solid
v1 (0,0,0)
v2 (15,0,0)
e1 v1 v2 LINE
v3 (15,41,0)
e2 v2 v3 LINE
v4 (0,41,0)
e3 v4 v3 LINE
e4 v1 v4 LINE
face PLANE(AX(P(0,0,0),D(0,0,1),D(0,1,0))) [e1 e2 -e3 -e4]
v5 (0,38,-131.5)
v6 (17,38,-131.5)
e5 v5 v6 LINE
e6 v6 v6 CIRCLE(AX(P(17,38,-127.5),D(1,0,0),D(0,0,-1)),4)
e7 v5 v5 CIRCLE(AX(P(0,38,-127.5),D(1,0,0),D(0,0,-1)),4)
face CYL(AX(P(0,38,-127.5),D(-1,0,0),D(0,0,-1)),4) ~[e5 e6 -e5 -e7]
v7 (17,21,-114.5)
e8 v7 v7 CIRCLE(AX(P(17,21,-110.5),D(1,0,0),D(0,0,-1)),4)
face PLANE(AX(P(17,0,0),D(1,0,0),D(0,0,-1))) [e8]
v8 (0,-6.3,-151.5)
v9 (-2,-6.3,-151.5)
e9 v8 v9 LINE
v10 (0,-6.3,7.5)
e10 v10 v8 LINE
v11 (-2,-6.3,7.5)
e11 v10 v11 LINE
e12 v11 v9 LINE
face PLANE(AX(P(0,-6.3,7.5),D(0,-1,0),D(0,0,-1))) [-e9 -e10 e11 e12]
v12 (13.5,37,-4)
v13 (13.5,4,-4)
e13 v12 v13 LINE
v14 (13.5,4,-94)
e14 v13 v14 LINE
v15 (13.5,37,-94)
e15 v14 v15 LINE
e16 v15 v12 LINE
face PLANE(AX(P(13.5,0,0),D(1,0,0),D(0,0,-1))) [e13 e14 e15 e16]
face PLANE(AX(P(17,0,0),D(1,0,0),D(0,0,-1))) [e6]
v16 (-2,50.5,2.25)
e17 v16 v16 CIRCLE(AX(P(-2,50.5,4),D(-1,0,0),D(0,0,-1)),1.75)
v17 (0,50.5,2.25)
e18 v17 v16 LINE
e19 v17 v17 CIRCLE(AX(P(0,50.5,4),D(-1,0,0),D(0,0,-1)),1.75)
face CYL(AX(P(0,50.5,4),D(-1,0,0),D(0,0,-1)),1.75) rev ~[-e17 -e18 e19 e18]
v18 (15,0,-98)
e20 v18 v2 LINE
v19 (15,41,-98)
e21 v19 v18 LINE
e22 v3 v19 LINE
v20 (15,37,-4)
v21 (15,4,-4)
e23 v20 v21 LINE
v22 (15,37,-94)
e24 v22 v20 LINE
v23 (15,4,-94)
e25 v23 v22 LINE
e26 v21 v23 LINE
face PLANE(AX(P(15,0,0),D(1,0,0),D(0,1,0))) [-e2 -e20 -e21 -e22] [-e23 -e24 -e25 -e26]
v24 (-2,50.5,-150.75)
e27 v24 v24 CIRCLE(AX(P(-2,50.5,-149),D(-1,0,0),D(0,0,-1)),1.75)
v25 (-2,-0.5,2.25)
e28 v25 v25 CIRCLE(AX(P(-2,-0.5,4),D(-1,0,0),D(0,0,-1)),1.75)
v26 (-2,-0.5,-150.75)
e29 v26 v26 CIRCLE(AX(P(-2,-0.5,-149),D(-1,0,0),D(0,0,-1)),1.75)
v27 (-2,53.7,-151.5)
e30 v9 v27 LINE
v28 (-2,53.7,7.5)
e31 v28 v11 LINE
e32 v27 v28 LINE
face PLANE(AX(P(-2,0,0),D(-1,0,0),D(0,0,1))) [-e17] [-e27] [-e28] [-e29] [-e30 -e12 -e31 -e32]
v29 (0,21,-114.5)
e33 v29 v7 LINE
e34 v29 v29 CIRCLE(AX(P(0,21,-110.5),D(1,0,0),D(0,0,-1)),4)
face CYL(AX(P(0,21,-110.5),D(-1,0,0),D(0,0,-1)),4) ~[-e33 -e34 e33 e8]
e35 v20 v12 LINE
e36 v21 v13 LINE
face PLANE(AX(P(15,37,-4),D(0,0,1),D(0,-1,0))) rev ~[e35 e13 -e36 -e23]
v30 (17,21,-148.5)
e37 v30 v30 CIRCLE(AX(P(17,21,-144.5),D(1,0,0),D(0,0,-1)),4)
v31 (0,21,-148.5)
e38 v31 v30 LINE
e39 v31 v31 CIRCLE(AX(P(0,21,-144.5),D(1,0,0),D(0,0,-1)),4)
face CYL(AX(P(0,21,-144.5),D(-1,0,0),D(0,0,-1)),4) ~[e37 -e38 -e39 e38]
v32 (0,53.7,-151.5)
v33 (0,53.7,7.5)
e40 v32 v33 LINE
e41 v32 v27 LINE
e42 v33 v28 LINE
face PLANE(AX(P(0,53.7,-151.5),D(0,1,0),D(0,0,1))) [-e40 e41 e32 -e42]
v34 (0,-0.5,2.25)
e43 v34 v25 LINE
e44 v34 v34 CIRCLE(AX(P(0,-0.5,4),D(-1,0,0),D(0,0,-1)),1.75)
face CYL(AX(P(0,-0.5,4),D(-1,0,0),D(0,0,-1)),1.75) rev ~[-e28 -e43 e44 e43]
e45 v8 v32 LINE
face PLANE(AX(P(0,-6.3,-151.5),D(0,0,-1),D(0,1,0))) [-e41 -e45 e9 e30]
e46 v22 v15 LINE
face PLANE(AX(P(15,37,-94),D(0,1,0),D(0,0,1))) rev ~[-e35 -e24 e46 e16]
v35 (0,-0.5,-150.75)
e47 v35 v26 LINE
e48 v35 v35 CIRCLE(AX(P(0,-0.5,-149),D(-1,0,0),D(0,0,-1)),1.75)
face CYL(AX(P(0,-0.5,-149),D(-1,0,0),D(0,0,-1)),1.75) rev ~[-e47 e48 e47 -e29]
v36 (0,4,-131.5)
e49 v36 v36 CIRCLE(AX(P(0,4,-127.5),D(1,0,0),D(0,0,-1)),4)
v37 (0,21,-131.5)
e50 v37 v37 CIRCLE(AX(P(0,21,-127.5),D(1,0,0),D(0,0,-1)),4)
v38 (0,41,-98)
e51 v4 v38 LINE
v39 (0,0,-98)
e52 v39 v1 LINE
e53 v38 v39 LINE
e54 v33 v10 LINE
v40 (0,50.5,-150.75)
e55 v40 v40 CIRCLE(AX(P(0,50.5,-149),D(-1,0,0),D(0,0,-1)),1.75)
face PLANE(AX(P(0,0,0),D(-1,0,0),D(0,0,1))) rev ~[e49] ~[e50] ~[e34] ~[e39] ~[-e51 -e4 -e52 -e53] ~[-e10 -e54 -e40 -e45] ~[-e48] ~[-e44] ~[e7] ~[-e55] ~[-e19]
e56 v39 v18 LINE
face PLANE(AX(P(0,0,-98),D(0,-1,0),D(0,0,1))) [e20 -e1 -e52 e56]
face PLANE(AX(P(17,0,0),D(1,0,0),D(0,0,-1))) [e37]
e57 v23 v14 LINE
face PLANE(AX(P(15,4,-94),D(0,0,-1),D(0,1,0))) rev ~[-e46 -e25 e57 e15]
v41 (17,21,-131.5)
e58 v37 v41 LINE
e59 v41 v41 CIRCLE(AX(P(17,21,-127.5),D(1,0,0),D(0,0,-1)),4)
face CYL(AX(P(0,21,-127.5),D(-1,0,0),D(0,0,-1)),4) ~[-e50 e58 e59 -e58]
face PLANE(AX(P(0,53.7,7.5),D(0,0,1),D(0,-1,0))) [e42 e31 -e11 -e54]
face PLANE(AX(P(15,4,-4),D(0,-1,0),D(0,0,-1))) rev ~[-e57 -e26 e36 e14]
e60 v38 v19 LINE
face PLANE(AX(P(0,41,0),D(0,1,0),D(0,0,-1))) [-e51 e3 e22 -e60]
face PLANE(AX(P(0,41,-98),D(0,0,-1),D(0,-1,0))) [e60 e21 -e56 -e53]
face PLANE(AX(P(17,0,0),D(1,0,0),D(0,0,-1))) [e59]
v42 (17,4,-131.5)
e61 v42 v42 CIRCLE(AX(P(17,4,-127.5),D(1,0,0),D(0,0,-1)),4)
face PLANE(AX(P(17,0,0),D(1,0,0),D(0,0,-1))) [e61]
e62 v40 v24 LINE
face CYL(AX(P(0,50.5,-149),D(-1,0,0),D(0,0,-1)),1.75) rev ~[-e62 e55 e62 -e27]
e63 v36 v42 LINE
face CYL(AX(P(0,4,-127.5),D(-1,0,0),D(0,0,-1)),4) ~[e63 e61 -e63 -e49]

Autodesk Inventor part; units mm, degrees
ref_plane "YZ Plane" through (0, 0, 0) normal (1, 0, 0) x (0, 1, 0)
ref_plane "XZ Plane" through (0, 0, 0) normal (0, 1, 0) x (-1, 0, 0)
ref_plane "XY Plane" through (0, 0, 0) normal (0, 0, 1) x (1, 0, 0)
sketch "Szkic1" plane through (0, 0, 0) normal (1, 0, 0) x (0, 1, 0)
  line L0 (0, 0) -> (41, 0)
  line L1 (41, 0) -> (41, -98)
  line L2 (41, -98) -> (0, -98)
  line L3 (0, -98) -> (0, 0)
  dimension "d0" = 98
  dimension "d1" = 41
extrude "Wyciągnięcie proste1" add sketch "Szkic1" along normal blind 15
sketch "Szkic2" plane through (15, 0, 0) normal (1, 0, 0) x (0, 0, -1)
  line L0 (4, 4) -> (94, 4)
  line L1 (94, 4) -> (94, 37)
  line L2 (94, 37) -> (4, 37)
  line L3 (4, 37) -> (4, 4)
  line L4 (49, 37) -> (49, 41) construction
  line L5 (98, 41) -> (0, 41) projected
  line L6 (94, 20.5) -> (98, 20.5) construction
  line L7 (98, 0) -> (98, 41) projected
  point P0 (0, 0)
  dimension "d4" = 90
  dimension "d5" = 33
extrude "Wyciągnięcie proste2" cut sketch "Szkic2" against normal blind 1.5
sketch "Szkic3" plane through (0, 0, 0) normal (-1, 0, 0) x (0, 0, 1)
  line L0 (-151.5, 53.7) -> (7.5, 53.7)
  line L1 (7.5, 53.7) -> (7.5, -6.3)
  line L2 (7.5, -6.3) -> (-151.5, -6.3)
  line L3 (-151.5, -6.3) -> (-151.5, 53.7)
  line L4 (-98, 41) -> (0, 41) projected
  line L5 (0, 41) -> (0, 0) projected
  line L6 (-98, 0) -> (0, 0) projected
  dimension "d8" = 159
  dimension "d9" = 60
  dimension "d10" = 7.5
  dimension "d11" = 6.3
extrude "Wyciągnięcie proste3" add sketch "Szkic3" along normal blind 2
sketch "Szkic4" plane through (0, 0, 0) normal (1, 0, 0) x (0, 0, -1)
  line L0 (110.5, 21) -> (144.5, 21) construction
  line L1 (127.5, 4) -> (127.5, 38) construction
  line L2 (98, 40.528) -> (98, -0.472) construction
  line L3 (98, 0) -> (98, 41) projected
  line L4 (0, 0) -> (98, 0) projected
  circle A0 centre (127.5, 38) radius 4
  circle A1 centre (110.5, 21) radius 4
  circle A2 centre (144.5, 21) radius 4
  circle A3 centre (127.5, 4) radius 4
  circle A4 centre (127.5, 21) radius 4
  dimension "d14" = 34
  dimension "d15" = 34
  dimension "d16" = 29.5
  dimension "d17" = 4
  dimension "d18" = 8
sketch "Szkic5" plane through (0, 0, 0) normal (1, 0, 0) x (0, 0, -1)
  line L0 (-4, -0.5) -> (149, -0.5) construction
  line L1 (149, -0.5) -> (149, 50.5) construction
  line L2 (149, 50.5) -> (-4, 50.5) construction
  line L3 (-4, 50.5) -> (-4, -0.5) construction
  line L4 (0, 41) -> (0, 0) projected
  line L5 (0, 0) -> (98, 0) projected
  dimension "d21" = 51
  dimension "d22" = 153
  dimension "d23" = 4
  dimension "d24" = 0.5
hole "Otwór1" at (0, -0.5, -149) at (0, 50.5, -149) at (0, 50.5, 4) at (0, -0.5, 4) direction (-1, 0, 0) diameter 3.5 end through all
extrude "Wyciągnięcie proste5" add sketch "Szkic4" along normal blind 17
properties part number "27_LCD"
